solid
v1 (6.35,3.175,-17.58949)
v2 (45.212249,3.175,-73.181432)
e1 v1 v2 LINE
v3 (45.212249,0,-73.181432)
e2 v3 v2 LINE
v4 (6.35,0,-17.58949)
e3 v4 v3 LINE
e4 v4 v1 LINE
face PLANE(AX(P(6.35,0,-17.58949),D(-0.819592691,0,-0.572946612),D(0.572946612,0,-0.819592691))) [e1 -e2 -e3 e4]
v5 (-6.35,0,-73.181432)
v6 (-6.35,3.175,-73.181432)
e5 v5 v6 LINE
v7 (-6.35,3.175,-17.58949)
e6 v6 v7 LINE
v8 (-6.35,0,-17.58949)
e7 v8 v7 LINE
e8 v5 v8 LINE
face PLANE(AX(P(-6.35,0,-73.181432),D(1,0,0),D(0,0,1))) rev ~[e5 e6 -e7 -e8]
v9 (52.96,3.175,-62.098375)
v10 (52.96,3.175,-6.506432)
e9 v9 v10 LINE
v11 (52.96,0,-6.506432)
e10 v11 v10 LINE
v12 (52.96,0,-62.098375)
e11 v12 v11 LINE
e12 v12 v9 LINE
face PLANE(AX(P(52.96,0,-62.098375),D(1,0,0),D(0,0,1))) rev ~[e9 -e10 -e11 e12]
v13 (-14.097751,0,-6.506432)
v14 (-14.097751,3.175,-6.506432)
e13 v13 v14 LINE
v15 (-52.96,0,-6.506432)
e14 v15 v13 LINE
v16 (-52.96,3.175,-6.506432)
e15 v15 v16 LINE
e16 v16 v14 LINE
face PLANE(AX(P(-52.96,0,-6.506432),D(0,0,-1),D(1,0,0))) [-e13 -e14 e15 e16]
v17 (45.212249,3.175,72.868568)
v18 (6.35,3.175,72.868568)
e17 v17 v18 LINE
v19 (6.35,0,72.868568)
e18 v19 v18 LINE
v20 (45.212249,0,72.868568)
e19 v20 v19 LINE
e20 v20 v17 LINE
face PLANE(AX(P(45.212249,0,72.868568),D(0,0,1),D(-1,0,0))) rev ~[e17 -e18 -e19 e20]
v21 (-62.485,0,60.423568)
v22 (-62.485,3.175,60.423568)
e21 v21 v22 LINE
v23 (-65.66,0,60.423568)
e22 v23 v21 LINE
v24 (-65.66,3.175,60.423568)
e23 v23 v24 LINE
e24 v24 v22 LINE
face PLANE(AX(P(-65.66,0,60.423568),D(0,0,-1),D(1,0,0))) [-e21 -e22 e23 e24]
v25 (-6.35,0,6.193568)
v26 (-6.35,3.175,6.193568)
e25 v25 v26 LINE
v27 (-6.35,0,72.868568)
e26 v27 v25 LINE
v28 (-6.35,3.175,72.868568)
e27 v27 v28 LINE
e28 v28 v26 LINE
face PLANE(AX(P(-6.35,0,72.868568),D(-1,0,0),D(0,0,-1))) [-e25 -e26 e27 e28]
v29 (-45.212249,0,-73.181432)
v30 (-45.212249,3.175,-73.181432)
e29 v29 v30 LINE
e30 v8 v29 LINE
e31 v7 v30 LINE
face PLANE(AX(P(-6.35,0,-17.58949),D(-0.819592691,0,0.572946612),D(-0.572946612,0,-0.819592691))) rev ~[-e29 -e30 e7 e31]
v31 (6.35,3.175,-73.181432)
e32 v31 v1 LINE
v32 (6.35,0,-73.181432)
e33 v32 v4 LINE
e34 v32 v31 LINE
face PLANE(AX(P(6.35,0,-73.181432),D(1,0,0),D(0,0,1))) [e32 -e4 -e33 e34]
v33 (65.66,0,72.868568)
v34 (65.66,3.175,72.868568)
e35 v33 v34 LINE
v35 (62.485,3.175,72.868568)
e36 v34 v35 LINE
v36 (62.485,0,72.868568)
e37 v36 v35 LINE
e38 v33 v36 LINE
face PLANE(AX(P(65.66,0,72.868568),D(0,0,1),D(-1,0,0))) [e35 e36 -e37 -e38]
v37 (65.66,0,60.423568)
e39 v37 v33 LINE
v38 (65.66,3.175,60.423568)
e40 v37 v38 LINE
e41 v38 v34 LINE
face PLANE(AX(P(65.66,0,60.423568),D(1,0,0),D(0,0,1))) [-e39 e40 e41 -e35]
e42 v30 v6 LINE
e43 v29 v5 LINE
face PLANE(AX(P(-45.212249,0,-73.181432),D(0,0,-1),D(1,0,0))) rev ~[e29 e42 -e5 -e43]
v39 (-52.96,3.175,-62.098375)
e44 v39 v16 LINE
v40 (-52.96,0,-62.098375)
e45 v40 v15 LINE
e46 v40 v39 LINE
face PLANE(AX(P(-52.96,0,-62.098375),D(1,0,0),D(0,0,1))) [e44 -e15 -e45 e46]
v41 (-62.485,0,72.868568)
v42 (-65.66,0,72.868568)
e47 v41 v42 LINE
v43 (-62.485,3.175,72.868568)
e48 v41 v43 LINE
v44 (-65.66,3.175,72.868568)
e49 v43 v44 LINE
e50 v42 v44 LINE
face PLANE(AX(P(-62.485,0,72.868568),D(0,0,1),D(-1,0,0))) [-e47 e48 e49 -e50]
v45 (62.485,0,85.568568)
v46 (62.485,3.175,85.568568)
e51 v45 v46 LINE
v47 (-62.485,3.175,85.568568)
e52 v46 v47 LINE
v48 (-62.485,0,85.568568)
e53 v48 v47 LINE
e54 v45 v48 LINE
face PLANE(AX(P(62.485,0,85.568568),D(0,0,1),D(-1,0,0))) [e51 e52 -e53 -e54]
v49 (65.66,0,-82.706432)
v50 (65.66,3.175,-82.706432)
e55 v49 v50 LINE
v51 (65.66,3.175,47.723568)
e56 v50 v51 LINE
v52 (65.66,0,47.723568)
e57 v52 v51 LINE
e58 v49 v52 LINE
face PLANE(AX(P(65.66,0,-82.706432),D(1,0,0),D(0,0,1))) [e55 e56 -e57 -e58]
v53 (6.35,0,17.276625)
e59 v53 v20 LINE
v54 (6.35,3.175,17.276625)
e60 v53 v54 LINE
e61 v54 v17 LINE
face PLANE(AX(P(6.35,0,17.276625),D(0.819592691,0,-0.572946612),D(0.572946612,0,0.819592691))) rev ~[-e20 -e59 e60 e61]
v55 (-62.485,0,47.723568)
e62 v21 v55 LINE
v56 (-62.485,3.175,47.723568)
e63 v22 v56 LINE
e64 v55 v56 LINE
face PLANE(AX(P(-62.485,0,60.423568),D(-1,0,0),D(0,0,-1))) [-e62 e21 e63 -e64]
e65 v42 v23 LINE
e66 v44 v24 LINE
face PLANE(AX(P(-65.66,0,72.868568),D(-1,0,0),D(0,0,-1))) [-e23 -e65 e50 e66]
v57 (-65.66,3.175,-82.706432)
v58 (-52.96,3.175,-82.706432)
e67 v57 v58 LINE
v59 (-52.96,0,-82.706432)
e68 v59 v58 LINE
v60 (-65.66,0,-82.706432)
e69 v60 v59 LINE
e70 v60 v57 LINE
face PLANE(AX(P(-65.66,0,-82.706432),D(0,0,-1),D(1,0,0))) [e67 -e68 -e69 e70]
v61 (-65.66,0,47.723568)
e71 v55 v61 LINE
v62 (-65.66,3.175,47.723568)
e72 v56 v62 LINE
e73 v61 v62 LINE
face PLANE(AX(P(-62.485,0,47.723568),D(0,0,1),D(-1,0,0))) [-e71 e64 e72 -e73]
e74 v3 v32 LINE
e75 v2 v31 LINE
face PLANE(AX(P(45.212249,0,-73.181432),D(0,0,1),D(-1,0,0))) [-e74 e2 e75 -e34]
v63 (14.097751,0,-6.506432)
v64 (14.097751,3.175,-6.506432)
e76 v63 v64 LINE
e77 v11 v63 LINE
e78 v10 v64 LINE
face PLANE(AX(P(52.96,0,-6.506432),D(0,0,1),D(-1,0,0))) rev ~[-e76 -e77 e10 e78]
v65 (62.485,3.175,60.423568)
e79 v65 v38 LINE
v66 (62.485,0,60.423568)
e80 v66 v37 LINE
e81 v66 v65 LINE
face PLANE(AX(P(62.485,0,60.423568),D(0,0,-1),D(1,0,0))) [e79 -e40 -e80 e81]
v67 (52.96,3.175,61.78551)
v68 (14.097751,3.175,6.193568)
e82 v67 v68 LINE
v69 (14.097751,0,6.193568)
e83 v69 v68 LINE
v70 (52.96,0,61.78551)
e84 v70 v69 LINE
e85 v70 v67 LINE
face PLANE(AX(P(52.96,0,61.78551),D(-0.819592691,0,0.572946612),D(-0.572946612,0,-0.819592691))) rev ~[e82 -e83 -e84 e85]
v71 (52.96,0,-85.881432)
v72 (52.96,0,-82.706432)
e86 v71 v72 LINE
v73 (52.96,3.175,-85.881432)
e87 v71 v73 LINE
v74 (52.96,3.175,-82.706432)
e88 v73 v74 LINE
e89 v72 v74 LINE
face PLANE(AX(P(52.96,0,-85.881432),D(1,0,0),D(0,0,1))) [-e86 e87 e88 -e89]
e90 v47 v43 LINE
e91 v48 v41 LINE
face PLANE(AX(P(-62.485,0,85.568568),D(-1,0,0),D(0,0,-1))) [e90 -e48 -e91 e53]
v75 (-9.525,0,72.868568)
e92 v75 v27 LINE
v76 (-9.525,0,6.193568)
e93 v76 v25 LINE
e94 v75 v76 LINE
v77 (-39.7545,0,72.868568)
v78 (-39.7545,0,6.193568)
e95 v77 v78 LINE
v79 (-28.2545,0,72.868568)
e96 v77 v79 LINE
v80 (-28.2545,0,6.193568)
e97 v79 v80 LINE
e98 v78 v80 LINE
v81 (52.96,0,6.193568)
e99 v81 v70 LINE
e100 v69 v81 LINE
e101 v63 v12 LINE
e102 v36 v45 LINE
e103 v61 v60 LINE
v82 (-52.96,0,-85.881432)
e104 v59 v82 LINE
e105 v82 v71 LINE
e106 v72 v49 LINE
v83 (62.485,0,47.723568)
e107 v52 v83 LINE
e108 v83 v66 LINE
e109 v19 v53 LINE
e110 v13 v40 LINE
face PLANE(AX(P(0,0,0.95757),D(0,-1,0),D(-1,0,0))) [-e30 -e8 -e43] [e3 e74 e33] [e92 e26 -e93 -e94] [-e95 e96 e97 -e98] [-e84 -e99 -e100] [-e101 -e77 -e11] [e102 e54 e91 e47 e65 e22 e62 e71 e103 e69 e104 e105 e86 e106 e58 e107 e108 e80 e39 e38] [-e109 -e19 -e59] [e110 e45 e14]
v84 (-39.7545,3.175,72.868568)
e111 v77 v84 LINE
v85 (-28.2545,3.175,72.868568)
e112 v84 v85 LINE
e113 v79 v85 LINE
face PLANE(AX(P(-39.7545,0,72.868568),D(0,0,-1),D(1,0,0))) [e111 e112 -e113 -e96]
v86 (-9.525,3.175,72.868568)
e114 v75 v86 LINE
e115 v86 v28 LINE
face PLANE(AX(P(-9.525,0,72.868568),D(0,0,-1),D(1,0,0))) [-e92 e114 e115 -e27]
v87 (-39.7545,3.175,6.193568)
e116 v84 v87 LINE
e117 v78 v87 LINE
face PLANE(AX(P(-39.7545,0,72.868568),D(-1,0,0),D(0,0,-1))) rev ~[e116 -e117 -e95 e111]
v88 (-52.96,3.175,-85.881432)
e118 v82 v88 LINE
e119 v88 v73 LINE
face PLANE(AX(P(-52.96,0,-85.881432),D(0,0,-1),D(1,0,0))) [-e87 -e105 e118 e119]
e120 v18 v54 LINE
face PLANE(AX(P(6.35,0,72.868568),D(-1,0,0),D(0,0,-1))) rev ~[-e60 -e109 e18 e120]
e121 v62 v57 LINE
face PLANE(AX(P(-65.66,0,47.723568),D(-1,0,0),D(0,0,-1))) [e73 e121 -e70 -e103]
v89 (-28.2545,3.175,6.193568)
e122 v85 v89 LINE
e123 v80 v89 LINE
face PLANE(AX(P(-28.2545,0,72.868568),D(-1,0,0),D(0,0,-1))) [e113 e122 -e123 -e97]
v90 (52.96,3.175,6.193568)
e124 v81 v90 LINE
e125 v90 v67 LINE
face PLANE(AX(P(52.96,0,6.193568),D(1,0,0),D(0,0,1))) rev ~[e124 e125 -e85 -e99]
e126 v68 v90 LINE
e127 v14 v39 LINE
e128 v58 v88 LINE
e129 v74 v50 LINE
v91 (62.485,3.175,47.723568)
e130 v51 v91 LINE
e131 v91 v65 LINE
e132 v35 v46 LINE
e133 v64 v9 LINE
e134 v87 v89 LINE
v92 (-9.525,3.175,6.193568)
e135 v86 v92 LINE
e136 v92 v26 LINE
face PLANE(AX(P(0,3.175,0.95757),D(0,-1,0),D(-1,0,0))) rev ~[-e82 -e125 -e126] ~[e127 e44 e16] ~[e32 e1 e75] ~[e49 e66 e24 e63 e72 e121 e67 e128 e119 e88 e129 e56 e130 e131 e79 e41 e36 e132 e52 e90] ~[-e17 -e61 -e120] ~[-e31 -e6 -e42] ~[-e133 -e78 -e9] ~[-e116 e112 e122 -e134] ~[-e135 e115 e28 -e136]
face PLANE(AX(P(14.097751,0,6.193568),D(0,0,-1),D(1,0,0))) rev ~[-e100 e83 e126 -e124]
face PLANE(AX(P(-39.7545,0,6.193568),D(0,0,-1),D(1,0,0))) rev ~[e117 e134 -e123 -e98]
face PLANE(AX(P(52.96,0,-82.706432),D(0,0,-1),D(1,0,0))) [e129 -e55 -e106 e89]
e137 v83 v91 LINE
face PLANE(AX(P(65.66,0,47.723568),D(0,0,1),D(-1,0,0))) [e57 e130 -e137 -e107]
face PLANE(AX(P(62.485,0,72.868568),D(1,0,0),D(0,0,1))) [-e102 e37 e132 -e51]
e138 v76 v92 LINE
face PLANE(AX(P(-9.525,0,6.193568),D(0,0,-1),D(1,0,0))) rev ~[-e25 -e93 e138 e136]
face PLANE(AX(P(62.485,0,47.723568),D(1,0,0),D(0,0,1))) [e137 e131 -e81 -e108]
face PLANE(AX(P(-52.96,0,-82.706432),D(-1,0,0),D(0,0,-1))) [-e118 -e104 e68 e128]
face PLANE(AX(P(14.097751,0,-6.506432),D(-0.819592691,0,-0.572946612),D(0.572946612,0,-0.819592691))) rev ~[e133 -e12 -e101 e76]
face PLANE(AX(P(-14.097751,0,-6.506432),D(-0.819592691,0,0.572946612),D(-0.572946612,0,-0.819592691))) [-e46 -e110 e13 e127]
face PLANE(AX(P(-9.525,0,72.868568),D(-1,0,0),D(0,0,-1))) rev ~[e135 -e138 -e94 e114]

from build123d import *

# Parameters (mm, degrees)
SKETCH1_W           = 11.5
SKETCH1_H           = 66.675
SKETCH1_W_2         = 3.175
BOSS_EXTRUDE1_DEPTH = 3.175


with BuildPart() as part:
    # Sketch1 → Boss-Extrude1 (new body)
    with BuildSketch(Plane(origin=(0, 0, 0), x_dir=(1, 0, 0), z_dir=(0, 1, 0))):
        Polygon((-52.96, 85.881432482), (52.96, 85.881432482), (52.96, 82.706432482), (65.66, 82.706432482), (65.66, -47.723567518), (62.485, -47.723567518), (62.485, -60.423567518), (65.66, -60.423567518), (65.66, -72.868567518), (62.485, -72.868567518), (62.485, -85.568567518), (-62.485, -85.568567518), (-62.485, -72.868567518), (-65.66, -72.868567518), (-65.66, -60.423567518), (-62.485, -60.423567518), (-62.485, -47.723567518), (-65.66, -47.723567518), (-65.66, 82.706432482), (-52.96, 82.706432482), align=None)
        Polygon((-52.96, 6.506432482), (-14.097750884, 6.506432482), (-52.96, 62.098375408), align=None, mode=Mode.SUBTRACT)
        Polygon((-45.212249116, 73.181432482), (-6.35, 73.181432482), (-6.35, 17.589489555), align=None, mode=Mode.SUBTRACT)
        with Locations((-34.0045, -39.531067518)):
            Rectangle(SKETCH1_W, SKETCH1_H, mode=Mode.SUBTRACT)
        Polygon((52.96, 62.098375408), (52.96, 6.506432482), (14.097750884, 6.506432482), align=None, mode=Mode.SUBTRACT)
        Polygon((6.35, 73.181432482), (6.35, 17.589489555), (45.212249116, 73.181432482), align=None, mode=Mode.SUBTRACT)
        Polygon((14.097750884, -6.193567518), (52.96, -6.193567518), (52.96, -61.785510445), align=None, mode=Mode.SUBTRACT)
        Polygon((6.35, -17.276624592), (45.212249116, -72.868567518), (6.35, -72.868567518), align=None, mode=Mode.SUBTRACT)
        with Locations((-7.9375, -39.531067518)):
            Rectangle(SKETCH1_W_2, SKETCH1_H, mode=Mode.SUBTRACT)
    extrude(amount=BOSS_EXTRUDE1_DEPTH)


solid = part.part
